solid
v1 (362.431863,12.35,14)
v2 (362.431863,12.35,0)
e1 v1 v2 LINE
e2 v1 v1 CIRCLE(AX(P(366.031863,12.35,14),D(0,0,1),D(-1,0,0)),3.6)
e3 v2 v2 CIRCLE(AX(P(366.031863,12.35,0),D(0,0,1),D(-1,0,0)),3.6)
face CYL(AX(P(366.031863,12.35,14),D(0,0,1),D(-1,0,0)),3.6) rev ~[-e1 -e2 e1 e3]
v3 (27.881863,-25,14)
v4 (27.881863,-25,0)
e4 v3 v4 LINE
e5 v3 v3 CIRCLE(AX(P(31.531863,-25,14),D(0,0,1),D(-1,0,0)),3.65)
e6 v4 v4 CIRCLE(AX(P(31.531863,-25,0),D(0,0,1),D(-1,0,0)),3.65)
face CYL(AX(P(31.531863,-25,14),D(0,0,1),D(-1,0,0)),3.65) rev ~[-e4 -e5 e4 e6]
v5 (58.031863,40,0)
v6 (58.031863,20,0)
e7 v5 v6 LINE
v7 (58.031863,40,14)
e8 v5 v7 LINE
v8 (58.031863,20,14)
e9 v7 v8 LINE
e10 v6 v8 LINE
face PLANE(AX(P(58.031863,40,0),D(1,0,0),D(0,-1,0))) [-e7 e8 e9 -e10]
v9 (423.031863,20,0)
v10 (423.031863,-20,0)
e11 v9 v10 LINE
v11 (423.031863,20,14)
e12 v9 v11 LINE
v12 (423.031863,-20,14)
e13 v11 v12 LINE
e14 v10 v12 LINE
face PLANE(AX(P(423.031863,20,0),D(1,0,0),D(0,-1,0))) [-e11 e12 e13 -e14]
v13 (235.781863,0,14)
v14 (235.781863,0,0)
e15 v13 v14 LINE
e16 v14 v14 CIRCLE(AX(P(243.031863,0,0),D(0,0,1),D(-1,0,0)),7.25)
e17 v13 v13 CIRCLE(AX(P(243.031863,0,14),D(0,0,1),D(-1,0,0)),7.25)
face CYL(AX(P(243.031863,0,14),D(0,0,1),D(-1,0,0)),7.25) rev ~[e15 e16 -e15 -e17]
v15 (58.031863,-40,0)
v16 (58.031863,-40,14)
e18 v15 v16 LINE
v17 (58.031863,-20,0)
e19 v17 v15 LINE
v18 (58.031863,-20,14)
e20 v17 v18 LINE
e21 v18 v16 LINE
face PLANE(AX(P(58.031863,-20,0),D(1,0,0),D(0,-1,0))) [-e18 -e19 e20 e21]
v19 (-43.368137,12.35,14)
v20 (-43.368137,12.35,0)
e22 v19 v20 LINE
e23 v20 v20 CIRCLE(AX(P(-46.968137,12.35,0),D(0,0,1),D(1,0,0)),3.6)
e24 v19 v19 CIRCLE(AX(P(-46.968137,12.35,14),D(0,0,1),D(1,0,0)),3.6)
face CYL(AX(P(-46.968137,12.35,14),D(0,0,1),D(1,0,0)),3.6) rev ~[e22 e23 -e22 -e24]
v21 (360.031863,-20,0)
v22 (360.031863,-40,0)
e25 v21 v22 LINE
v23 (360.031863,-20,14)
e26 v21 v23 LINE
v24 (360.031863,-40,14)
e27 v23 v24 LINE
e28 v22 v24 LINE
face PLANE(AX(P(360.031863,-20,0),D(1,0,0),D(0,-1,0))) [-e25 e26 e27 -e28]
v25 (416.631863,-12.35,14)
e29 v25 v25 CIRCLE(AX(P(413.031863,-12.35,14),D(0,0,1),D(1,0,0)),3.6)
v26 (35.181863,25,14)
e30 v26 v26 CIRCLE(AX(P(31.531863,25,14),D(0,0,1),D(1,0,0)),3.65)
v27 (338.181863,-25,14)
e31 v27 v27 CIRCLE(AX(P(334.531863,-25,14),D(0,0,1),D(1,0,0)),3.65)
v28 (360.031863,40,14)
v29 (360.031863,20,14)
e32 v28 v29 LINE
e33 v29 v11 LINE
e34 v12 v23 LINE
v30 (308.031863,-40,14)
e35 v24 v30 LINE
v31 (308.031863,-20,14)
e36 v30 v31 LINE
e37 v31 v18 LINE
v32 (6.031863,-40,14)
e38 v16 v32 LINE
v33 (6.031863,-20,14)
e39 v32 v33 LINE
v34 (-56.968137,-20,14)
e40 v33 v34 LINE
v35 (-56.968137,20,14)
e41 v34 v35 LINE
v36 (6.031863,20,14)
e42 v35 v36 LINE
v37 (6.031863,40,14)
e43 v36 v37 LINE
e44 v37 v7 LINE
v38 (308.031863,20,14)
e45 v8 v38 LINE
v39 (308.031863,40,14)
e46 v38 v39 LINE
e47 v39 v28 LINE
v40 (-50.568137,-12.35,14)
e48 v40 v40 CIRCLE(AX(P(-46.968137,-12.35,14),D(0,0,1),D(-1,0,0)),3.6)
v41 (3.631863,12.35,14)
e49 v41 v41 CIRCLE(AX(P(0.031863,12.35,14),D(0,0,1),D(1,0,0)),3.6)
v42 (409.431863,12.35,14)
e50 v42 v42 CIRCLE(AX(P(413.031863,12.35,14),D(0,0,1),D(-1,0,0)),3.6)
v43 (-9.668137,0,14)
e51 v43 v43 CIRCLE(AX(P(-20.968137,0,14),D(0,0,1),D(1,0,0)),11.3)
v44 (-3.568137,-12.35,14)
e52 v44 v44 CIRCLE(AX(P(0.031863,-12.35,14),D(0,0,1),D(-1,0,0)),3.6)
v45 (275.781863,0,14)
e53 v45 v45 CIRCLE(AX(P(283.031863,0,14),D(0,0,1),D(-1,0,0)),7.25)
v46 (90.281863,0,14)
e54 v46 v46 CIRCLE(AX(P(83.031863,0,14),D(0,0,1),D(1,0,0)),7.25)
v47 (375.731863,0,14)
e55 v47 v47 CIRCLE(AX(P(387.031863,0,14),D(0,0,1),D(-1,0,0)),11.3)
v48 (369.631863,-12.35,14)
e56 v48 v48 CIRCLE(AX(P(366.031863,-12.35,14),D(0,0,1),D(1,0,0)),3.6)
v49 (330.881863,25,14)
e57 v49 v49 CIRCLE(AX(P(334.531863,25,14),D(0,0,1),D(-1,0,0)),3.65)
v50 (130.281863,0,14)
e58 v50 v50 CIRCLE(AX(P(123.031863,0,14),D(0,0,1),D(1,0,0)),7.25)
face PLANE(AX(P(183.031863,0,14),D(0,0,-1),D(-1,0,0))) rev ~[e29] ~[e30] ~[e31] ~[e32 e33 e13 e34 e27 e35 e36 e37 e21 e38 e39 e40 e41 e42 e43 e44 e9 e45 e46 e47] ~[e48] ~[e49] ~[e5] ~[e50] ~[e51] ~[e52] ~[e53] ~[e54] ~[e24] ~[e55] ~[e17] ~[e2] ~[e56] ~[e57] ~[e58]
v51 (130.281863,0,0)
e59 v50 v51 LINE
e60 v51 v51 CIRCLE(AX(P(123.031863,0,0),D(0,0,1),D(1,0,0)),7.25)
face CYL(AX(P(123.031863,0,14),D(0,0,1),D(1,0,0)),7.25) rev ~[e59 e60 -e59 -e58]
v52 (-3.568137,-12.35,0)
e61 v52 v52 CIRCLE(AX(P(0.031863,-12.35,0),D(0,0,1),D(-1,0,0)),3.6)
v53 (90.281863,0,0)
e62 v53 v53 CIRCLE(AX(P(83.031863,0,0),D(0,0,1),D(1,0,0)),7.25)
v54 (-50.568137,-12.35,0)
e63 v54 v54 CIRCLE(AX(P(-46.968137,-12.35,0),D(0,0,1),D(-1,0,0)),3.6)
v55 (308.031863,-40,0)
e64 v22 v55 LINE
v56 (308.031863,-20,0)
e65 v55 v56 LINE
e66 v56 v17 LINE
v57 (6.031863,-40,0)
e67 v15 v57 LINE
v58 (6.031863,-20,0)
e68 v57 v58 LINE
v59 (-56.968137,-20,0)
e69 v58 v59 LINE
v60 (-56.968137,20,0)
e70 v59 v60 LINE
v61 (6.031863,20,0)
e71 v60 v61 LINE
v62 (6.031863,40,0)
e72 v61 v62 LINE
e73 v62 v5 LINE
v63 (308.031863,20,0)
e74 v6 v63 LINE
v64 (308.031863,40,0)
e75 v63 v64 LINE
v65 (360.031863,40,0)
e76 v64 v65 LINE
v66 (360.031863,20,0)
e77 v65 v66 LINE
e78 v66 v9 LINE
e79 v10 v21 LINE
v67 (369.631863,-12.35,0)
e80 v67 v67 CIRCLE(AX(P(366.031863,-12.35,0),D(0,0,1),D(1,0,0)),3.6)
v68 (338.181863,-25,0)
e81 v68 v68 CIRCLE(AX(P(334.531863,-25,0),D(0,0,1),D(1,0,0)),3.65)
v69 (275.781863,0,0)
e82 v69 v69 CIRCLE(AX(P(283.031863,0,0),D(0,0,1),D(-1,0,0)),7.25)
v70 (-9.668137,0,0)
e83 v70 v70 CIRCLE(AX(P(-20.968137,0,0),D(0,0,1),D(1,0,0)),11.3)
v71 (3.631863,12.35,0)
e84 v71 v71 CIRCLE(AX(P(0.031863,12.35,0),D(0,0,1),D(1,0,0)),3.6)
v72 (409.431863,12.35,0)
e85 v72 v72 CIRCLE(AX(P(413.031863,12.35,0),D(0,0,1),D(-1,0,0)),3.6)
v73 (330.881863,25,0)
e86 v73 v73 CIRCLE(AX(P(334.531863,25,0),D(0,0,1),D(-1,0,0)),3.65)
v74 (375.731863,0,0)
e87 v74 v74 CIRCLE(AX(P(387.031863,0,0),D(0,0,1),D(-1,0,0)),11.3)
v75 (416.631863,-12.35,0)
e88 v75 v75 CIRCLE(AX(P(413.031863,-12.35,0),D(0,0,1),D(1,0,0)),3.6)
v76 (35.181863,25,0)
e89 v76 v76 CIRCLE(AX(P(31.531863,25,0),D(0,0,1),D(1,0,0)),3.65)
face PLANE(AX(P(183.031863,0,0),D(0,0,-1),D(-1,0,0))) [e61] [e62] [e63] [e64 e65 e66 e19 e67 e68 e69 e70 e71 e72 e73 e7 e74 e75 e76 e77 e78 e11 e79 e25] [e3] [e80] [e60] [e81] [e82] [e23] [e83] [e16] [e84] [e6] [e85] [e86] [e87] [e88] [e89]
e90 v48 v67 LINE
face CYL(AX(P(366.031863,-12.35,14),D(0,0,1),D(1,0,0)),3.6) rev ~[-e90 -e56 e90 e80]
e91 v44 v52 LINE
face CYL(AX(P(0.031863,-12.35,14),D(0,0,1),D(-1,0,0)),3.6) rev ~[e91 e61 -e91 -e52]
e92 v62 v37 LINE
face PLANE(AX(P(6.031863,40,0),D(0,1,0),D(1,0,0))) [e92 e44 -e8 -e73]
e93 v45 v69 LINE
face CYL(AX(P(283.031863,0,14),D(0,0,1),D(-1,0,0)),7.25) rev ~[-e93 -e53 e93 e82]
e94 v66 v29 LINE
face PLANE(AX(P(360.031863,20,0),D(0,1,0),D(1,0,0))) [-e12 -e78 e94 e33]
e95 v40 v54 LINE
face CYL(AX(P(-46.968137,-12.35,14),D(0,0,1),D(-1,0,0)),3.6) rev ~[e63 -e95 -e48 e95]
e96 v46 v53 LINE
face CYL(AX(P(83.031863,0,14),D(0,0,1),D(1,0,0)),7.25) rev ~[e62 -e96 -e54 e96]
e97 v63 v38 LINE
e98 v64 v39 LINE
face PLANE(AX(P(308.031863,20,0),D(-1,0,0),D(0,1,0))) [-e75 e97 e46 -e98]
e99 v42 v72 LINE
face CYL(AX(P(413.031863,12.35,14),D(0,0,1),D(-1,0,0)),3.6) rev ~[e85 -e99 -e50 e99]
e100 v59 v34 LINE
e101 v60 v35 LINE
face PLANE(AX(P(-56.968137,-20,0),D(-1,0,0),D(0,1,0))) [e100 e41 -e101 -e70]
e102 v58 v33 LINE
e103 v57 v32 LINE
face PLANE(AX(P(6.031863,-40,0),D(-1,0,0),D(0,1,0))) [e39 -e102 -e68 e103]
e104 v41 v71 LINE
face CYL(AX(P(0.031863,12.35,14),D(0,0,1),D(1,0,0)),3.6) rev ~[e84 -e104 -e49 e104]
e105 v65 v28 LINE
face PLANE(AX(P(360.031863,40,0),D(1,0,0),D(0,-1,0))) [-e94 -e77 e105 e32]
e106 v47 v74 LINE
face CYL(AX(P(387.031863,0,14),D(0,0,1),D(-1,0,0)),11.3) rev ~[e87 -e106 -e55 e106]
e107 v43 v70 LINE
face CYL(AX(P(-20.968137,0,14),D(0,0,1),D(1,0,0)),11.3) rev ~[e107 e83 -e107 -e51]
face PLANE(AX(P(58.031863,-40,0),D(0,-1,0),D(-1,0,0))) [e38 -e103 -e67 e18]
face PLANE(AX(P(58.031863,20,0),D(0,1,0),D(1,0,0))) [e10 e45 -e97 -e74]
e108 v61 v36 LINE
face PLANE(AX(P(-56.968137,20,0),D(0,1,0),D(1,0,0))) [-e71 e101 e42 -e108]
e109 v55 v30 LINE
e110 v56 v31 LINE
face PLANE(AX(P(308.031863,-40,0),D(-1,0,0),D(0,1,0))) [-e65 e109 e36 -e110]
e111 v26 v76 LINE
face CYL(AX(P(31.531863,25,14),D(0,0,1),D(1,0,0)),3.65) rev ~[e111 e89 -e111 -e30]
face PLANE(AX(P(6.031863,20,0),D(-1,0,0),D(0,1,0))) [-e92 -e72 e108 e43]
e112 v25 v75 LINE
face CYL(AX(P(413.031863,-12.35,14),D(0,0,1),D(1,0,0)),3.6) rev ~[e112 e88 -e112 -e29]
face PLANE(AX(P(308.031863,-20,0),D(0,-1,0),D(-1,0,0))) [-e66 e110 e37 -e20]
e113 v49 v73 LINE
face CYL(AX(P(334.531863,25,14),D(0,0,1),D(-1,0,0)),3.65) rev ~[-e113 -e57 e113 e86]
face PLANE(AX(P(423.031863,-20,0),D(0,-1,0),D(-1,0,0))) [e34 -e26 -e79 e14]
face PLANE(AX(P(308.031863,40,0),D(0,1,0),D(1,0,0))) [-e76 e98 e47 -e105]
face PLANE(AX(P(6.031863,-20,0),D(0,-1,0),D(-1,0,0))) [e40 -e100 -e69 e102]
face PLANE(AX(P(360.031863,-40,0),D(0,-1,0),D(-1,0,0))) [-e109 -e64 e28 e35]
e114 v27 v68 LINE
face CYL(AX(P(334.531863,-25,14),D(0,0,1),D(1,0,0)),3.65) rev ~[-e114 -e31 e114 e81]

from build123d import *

# Parameters (mm, degrees)
BOSS_EXTRUDE1_DEPTH = 14
SKETCH3_R           = 11.3
SKETCH3_R_2         = 3.6
SKETCH3_R_3         = 3.65
SKETCH3_R_4         = 7.25
CUT_EXTRUDE1_DEPTH  = 14


with BuildPart() as part:
    # Sketch2 → Boss-Extrude1 (new body)
    with BuildSketch(Plane.XY):
        Polygon((-56.968136793, -20), (-56.968136793, 20), (6.031863207, 20), (6.031863207, 40), (58.031863207, 40), (58.031863207, 20), (308.031863207, 20), (308.031863207, 40), (360.031863207, 40), (360.031863207, 20), (423.031863207, 20), (423.031863207, -20), (360.031863207, -20), (360.031863207, -40), (308.031863207, -40), (308.031863207, -20), (58.031863207, -20), (58.031863207, -40), (6.031863207, -40), (6.031863207, -20), align=None)
    extrude(amount=BOSS_EXTRUDE1_DEPTH)

    # Sketch3 → Cut-Extrude1 (cut)
    with BuildSketch(Plane.XY.offset(14)):
        with Locations((-20.968136793, 0)):
            Circle(SKETCH3_R)
        with Locations((-46.968136793, 12.35)):
            Circle(SKETCH3_R_2)
        with Locations((0.031863207, 12.35)):
            Circle(SKETCH3_R_2)
        with Locations(Location((0.031863207, -12.35, 0), (0, 0, 180))):
            Circle(SKETCH3_R_2)
        with Locations(Location((-46.968136793, -12.35, 0), (0, 0, 180))):
            Circle(SKETCH3_R_2)
        with Locations((31.531863207, 25)):
            Circle(SKETCH3_R_3)
        with Locations(Location((31.531863207, -25, 0), (0, 0, 180))):
            Circle(SKETCH3_R_3)
        with Locations((83.031863207, 0)):
            Circle(SKETCH3_R_4)
        with Locations((123.031863207, 0)):
            Circle(SKETCH3_R_4)
        with Locations(Location((283.031863207, 0, 0), (0, 0, 180))):
            Circle(SKETCH3_R_4)
        with Locations(Location((243.031863207, 0, 0), (0, 0, 180))):
            Circle(SKETCH3_R_4)
        with Locations((334.531863207, -25)):
            Circle(SKETCH3_R_3)
        with Locations(Location((334.531863207, 25, 0), (0, 0, 180))):
            Circle(SKETCH3_R_3)
        with Locations((366.031863207, -12.35)):
            Circle(SKETCH3_R_2)
        with Locations(Location((366.031863207, 12.35, 0), (0, 0, 180))):
            Circle(SKETCH3_R_2)
        with Locations(Location((387.031863207, 0, 0), (0, 0, 180))):
            Circle(SKETCH3_R)
        with Locations((413.031863207, -12.35)):
            Circle(SKETCH3_R_2)
        with Locations(Location((413.031863207, 12.35, 0), (0, 0, 180))):
            Circle(SKETCH3_R_2)
    extrude(amount=-CUT_EXTRUDE1_DEPTH, mode=Mode.SUBTRACT)


solid = part.part
